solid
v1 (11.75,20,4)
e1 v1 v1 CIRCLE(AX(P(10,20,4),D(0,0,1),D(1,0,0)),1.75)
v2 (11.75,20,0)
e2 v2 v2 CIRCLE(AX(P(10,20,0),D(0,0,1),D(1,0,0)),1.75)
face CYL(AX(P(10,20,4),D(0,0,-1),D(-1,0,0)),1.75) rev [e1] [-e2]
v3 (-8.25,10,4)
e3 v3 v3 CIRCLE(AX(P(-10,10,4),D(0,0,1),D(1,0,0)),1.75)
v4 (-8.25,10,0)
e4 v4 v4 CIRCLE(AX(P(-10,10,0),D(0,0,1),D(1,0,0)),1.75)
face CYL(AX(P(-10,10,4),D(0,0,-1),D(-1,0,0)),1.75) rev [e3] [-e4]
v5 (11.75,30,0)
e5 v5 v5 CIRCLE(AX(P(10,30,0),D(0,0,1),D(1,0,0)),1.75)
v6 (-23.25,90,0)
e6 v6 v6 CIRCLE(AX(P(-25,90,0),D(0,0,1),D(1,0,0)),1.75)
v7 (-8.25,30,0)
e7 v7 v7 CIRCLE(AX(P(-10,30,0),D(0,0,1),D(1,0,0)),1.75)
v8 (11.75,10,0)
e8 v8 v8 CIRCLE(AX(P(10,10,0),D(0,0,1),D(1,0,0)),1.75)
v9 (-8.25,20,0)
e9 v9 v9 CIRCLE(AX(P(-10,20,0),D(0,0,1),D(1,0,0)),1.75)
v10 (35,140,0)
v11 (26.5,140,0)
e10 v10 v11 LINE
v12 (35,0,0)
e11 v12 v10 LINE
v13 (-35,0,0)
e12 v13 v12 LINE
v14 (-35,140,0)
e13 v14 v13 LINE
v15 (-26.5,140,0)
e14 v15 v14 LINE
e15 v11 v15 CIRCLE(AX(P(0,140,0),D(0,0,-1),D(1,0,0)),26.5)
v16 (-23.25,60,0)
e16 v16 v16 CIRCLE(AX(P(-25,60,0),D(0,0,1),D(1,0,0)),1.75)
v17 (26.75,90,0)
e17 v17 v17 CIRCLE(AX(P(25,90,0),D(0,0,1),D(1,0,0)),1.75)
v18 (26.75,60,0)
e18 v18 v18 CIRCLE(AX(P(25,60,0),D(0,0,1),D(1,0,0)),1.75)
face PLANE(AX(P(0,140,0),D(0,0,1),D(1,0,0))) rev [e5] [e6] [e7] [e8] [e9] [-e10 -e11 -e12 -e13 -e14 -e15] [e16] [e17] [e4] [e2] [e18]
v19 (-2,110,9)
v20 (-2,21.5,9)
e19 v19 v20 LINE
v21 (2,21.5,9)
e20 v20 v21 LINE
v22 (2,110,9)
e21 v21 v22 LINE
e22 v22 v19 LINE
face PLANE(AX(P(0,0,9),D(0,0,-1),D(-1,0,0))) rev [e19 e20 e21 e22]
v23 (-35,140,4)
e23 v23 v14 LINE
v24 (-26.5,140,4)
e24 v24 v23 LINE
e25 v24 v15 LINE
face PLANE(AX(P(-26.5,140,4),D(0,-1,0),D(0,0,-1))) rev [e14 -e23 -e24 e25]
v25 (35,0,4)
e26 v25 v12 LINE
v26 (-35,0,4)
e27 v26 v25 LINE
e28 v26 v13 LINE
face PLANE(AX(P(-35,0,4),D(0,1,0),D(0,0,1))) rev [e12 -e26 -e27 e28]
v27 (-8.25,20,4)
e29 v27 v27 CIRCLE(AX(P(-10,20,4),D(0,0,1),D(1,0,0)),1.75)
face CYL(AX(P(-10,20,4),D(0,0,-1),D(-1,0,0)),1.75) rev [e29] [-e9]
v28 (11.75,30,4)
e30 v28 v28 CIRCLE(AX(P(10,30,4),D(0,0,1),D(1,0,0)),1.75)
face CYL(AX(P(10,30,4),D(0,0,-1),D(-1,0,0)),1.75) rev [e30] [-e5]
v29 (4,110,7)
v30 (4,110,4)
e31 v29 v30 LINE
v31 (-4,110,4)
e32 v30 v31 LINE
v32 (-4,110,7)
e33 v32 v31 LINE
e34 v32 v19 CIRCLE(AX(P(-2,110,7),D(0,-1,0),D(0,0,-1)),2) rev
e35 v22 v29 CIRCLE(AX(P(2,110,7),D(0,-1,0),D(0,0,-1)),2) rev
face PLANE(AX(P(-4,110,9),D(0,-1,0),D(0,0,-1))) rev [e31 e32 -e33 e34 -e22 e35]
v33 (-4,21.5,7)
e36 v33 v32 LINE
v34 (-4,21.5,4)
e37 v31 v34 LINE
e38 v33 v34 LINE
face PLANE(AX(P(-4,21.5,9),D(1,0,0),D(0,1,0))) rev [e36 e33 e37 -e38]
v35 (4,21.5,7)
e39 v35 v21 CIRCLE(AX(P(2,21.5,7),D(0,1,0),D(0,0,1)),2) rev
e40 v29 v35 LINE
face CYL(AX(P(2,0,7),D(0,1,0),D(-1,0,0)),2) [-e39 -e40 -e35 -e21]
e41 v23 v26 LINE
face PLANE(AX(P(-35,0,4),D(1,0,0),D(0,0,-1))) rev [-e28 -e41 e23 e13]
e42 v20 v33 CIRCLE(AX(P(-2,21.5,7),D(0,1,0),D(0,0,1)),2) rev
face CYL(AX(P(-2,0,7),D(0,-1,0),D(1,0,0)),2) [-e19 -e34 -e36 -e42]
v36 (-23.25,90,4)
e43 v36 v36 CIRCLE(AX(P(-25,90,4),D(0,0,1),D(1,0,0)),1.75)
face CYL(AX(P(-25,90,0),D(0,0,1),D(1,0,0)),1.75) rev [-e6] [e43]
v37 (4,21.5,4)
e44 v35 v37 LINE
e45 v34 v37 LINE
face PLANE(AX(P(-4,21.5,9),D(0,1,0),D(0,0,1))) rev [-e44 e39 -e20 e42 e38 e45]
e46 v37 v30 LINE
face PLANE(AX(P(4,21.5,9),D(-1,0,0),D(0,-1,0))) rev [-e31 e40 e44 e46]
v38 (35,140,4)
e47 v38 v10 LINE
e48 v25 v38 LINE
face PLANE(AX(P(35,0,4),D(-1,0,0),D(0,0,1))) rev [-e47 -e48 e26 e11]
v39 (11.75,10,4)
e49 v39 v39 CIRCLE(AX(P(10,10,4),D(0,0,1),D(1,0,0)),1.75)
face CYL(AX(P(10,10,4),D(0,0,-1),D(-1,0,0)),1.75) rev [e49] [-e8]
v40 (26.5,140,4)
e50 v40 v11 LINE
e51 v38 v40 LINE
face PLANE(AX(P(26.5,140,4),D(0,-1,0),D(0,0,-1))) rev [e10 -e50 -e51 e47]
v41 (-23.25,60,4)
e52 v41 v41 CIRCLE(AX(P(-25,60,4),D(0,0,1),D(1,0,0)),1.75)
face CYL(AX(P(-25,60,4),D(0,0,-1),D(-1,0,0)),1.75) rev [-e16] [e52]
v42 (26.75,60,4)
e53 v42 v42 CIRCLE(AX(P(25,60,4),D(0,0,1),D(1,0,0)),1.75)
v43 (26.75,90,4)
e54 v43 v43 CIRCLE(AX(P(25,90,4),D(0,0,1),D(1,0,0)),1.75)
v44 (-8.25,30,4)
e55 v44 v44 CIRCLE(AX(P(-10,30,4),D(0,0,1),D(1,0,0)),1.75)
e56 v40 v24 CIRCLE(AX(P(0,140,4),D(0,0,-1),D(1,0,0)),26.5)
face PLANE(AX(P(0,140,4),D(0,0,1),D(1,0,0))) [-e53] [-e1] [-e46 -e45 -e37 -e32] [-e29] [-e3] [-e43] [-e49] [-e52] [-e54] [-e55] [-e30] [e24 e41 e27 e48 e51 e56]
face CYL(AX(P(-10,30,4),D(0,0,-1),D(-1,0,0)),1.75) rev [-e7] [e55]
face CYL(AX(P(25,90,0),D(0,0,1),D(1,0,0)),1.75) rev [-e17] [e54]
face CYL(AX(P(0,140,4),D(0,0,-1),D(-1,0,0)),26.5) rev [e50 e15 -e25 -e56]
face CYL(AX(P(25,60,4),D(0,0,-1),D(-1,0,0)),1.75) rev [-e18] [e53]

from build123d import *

# Parameters (mm, degrees)
SKETCH1_R           = 1.75
BOSS_EXTRUDE1_DEPTH = 4
SKETCH2_W           = 8
SKETCH2_H           = 88.5
BOSS_EXTRUDE2_DEPTH = 5
FILLET1_R           = 2
SKETCH3_R           = 1.75
CUT_EXTRUDE1_DEPTH  = 145.395290782


with BuildPart() as part:
    # Sketch1 → Boss-Extrude1 (new body)
    with BuildSketch(Plane.XY):
        with BuildLine():
            Line((-26.5, 140), (-35, 140))
            Line((-35, 140), (-35, 0))
            Line((-35, 0), (35, 0))
            Line((35, 0), (35, 140))
            Line((35, 140), (26.5, 140))
            ThreePointArc((26.5, 140), (0, 113.5), (-26.5, 140))
        make_face()
        with Locations((-25, 60)):
            Circle(SKETCH1_R, mode=Mode.SUBTRACT)
        with Locations((25, 60)):
            Circle(SKETCH1_R, mode=Mode.SUBTRACT)
        with Locations((-10, 10)):
            Circle(SKETCH1_R, mode=Mode.SUBTRACT)
        with Locations((10, 10)):
            Circle(SKETCH1_R, mode=Mode.SUBTRACT)
        with Locations((10, 20)):
            Circle(SKETCH1_R, mode=Mode.SUBTRACT)
        with Locations((-10, 20)):
            Circle(SKETCH1_R, mode=Mode.SUBTRACT)
        with Locations((10, 30)):
            Circle(SKETCH1_R, mode=Mode.SUBTRACT)
        with Locations((-10, 30)):
            Circle(SKETCH1_R, mode=Mode.SUBTRACT)
    extrude(amount=BOSS_EXTRUDE1_DEPTH)

    # Sketch2 → Boss-Extrude2 (add)
    with BuildSketch(Plane.XY.offset(4)):
        with Locations((0, 65.75)):
            Rectangle(SKETCH2_W, SKETCH2_H)
    extrude(amount=BOSS_EXTRUDE2_DEPTH)

    # Fillet1
    fillet1_edges = [part.edges().sort_by_distance(p)[0] for p in [
        (-4, 65.75, 9),
        (4, 65.75, 9),
    ]]
    fillet(fillet1_edges, radius=FILLET1_R)

    # Sketch3 → Cut-Extrude1 (cut, through all)
    with BuildSketch(Plane.XY.offset(4)):
        with Locations((-25, 90)):
            Circle(SKETCH3_R)
        with Locations((25, 90)):
            Circle(SKETCH3_R)
    extrude(amount=-CUT_EXTRUDE1_DEPTH, mode=Mode.SUBTRACT)


solid = part.part
